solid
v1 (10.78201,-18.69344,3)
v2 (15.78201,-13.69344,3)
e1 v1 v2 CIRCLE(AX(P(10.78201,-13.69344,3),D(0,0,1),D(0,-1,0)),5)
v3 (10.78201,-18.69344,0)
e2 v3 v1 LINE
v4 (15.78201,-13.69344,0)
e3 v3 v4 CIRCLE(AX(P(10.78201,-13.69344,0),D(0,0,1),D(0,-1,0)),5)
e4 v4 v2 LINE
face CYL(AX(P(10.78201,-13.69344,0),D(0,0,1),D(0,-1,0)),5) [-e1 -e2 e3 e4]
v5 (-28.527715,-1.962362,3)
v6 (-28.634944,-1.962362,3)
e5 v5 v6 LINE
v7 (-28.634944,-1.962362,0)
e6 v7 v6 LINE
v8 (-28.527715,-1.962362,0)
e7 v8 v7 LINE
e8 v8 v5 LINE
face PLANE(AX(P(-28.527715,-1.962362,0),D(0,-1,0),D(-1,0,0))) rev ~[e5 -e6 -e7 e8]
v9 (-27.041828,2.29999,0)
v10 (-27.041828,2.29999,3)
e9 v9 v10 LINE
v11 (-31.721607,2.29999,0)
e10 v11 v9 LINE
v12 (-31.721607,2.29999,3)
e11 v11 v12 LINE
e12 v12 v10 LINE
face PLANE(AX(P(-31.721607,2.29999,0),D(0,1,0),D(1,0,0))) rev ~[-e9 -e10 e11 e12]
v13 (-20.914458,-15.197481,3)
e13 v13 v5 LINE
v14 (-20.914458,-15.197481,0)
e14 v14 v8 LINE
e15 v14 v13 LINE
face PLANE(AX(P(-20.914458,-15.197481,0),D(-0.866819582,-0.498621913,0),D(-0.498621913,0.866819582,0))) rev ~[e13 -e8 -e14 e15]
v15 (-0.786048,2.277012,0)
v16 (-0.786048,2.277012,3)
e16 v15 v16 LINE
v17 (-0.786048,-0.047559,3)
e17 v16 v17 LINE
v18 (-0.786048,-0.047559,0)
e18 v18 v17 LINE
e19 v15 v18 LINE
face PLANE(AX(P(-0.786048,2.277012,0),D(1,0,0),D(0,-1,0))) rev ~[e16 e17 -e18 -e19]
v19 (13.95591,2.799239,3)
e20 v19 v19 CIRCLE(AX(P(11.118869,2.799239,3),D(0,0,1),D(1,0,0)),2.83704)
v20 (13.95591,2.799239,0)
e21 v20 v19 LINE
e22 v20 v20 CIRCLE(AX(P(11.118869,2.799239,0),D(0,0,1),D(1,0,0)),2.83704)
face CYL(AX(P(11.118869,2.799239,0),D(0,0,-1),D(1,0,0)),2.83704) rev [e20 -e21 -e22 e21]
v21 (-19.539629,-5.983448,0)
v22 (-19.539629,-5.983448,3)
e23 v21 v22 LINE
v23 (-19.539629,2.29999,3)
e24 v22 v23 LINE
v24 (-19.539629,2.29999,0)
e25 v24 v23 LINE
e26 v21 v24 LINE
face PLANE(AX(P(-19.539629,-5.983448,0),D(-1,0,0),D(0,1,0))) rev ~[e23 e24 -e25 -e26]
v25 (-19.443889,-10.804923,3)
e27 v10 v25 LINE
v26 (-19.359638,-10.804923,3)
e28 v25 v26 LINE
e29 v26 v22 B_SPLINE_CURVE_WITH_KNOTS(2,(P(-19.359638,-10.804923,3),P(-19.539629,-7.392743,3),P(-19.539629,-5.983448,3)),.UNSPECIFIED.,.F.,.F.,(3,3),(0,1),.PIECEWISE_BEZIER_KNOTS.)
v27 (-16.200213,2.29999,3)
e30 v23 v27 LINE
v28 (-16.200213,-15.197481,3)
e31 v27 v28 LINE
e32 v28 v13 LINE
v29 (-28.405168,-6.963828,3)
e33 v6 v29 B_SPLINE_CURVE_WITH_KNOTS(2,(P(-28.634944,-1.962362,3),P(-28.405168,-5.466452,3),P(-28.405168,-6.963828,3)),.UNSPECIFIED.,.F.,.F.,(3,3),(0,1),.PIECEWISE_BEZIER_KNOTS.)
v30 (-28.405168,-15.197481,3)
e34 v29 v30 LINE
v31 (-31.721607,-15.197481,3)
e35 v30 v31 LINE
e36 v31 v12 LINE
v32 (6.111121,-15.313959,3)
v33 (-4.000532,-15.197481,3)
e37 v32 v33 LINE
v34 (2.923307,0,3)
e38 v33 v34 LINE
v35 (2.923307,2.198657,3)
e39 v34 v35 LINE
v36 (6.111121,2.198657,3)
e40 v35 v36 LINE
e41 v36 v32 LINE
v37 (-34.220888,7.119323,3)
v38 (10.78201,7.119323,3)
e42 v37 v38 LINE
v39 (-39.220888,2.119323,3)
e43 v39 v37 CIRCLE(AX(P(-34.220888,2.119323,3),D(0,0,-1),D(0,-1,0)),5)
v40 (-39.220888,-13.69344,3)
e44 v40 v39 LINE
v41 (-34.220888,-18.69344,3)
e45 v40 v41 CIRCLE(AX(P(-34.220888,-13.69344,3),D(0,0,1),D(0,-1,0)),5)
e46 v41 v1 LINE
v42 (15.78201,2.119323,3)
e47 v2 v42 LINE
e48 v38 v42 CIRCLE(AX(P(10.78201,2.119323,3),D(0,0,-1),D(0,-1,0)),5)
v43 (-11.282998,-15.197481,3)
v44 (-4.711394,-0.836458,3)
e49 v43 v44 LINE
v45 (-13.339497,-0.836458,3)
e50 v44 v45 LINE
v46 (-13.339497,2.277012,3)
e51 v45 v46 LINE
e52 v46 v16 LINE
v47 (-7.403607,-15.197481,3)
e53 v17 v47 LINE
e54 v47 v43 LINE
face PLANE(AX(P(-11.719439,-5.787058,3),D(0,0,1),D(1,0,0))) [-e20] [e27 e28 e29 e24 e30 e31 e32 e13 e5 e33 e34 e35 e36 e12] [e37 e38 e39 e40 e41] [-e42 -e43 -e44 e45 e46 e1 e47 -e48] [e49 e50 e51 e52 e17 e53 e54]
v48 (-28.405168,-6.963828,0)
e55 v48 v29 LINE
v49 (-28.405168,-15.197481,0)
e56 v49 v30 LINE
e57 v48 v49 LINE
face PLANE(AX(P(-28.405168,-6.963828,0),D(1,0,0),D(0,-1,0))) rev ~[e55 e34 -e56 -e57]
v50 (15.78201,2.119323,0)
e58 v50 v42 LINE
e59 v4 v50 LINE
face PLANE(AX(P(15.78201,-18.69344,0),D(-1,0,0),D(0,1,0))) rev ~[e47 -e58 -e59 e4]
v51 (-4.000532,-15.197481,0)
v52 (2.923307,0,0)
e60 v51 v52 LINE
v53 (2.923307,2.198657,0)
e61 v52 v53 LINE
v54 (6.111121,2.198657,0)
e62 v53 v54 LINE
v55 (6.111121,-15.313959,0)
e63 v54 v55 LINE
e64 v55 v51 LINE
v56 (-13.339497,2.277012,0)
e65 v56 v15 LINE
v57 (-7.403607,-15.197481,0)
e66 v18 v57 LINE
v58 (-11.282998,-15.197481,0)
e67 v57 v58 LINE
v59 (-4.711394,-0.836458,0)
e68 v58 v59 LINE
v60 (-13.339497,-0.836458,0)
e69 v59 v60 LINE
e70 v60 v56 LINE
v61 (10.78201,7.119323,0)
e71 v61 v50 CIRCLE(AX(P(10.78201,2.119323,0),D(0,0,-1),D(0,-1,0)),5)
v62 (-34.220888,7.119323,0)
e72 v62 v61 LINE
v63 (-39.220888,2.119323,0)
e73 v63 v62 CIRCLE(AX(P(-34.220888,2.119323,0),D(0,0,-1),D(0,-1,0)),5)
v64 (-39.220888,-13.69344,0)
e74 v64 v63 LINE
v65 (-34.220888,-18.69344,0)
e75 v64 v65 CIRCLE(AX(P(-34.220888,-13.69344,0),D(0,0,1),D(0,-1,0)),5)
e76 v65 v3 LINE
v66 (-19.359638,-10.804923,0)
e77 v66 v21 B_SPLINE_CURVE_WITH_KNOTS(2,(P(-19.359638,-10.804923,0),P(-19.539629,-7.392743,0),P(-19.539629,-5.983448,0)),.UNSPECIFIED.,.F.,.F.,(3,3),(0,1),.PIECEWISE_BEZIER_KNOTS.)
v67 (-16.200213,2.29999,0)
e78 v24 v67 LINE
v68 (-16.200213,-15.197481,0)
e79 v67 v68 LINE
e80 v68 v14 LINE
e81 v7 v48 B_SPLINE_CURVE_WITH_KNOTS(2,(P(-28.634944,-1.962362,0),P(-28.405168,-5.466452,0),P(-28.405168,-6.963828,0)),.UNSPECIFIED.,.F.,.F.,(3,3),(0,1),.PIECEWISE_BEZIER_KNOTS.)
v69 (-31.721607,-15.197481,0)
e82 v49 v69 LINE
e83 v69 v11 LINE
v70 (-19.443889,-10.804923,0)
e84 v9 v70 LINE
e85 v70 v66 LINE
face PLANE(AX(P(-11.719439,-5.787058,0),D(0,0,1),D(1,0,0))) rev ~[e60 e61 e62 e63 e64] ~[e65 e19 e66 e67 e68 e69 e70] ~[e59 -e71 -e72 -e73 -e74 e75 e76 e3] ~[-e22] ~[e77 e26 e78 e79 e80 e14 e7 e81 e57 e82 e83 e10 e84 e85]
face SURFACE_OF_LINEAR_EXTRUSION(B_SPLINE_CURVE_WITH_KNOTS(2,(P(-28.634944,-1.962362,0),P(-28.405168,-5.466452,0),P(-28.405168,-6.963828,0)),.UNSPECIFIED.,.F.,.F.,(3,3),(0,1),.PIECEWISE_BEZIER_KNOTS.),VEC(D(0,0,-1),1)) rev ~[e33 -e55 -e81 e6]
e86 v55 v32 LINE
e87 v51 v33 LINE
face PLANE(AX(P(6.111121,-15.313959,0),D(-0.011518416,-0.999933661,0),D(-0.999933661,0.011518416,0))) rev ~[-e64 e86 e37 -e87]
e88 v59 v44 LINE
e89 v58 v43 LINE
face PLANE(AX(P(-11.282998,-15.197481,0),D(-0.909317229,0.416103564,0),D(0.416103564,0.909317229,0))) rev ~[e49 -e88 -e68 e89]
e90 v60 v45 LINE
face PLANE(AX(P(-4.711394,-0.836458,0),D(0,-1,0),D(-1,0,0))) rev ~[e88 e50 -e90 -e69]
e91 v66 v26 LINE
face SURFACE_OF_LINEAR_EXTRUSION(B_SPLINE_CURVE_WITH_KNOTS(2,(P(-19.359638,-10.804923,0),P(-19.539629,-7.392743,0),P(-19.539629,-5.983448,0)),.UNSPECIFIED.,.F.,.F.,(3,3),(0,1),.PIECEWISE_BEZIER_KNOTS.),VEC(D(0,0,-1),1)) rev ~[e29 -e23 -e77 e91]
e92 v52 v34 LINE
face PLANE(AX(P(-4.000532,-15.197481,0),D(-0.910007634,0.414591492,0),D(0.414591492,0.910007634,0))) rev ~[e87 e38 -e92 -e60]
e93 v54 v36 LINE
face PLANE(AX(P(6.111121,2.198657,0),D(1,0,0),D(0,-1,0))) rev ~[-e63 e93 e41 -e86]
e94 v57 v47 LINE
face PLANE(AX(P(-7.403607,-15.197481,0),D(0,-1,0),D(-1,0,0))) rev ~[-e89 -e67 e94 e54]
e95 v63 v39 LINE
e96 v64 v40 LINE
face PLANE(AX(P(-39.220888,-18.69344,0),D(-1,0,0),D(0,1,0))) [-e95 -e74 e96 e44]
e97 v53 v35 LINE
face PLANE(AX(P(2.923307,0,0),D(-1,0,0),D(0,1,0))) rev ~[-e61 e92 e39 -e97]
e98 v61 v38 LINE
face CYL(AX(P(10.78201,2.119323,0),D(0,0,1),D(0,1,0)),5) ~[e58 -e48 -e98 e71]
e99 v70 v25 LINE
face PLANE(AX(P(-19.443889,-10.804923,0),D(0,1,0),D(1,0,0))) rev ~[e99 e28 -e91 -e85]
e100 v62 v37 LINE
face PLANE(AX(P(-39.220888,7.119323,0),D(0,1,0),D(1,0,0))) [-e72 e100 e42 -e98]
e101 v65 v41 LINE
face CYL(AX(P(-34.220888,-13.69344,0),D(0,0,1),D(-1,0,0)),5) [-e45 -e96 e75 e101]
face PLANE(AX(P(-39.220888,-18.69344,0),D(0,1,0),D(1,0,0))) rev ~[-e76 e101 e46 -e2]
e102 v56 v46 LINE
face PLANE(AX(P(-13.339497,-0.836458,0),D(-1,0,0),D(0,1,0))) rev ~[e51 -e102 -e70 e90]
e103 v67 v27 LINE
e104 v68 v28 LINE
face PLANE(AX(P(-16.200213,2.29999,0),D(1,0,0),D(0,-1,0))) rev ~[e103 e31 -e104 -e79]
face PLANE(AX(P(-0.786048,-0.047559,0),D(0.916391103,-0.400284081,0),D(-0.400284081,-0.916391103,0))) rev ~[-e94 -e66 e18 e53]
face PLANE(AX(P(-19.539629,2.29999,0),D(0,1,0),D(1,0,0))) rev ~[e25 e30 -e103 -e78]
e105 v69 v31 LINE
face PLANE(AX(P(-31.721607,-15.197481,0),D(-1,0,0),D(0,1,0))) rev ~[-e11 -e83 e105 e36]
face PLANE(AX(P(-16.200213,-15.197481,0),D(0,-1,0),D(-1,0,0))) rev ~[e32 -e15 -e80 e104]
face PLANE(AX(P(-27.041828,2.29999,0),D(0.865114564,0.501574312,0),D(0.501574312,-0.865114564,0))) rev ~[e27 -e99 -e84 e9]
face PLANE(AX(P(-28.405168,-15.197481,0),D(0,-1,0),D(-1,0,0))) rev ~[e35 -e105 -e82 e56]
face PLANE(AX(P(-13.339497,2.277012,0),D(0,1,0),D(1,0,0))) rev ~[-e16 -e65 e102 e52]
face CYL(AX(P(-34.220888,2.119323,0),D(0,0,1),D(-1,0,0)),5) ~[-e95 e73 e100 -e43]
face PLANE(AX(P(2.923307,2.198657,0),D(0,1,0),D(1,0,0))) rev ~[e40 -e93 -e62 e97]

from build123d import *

# Parameters (mm, degrees)
F0_W     = 55.0028979778
F0_H     = 25.8127627894
F0_R     = 2.8370403088
F1_DEPTH = 3
F2_R     = 5


with BuildPart() as f1:
    # F0 (on Top) → F1 (new body)
    with BuildSketch(Plane.XY):
        with Locations((-11.7194391787, -5.7870582677)):
            Rectangle(F0_W, F0_H)
        with BuildLine():
            Line((-16.200212838, 2.2999899667), (-16.200212838, -15.1974810287))
            Line((-16.200212838, -15.1974810287), (-20.9144581423, -15.1974810287))
            Line((-20.9144581423, -15.1974810287), (-28.5277153843, -1.9623617991))
            Line((-28.5277153843, -1.9623617991), (-28.6349443596, -1.9623617991))
            add(Edge.make_bspline(
                [(-28.6349443596, -1.9623617991), (-28.405167984, -5.4664515257), (-28.405167984, -6.9638275728)],
                knots=[0, 0, 0, 1, 1, 1], degree=2))
            Line((-28.405167984, -6.9638275728), (-28.405167984, -15.1974810287))
            Line((-28.405167984, -15.1974810287), (-31.721607004, -15.1974810287))
            Line((-31.721607004, -15.1974810287), (-31.721607004, 2.2999899667))
            Line((-31.721607004, 2.2999899667), (-27.041828156, 2.2999899667))
            Line((-27.041828156, 2.2999899667), (-19.443889339, -10.8049226501))
            Line((-19.443889339, -10.8049226501), (-19.3596380013, -10.8049226501))
            add(Edge.make_bspline(
                [(-19.3596380013, -10.8049226501), (-19.5396294954, -7.3927434738), (-19.5396294954, -5.9834483706)],
                knots=[0, 0, 0, 1, 1, 1], degree=2))
            Line((-19.5396294954, -5.9834483706), (-19.5396294954, 2.2999899667))
            Line((-19.5396294954, 2.2999899667), (-16.200212838, 2.2999899667))
        make_face(mode=Mode.SUBTRACT)
        Polygon((-7.403607262, -15.1974810287), (-11.2829984019, -15.1974810287), (-4.7113940622, -0.8364575591), (-13.3394969628, -0.8364575591), (-13.3394969628, 2.2770123292), (-0.7860476472, 2.2770123292), (-0.7860476472, -0.0475586698), align=None, mode=Mode.SUBTRACT)
        Polygon((6.1111208051, -15.3139589772), (-4.0005319752, -15.1974810287), (2.923307009, 0), (2.923307009, 2.1986574866), (6.1111208051, 2.1986574866), align=None, mode=Mode.SUBTRACT)
        with Locations((11.1188692972, 2.7992387768)):
            Circle(F0_R, mode=Mode.SUBTRACT)
    extrude(amount=F1_DEPTH)

    # F2
    f2_edges = [f1.edges().sort_by_distance(p)[0] for p in [
        (-39.220888, 7.119323, 1.5),
        (-39.220888, -18.69344, 1.5),
        (15.78201, 7.119323, 1.5),
        (15.78201, -18.69344, 1.5),
    ]]
    fillet(f2_edges, radius=F2_R)


solid = f1.part
